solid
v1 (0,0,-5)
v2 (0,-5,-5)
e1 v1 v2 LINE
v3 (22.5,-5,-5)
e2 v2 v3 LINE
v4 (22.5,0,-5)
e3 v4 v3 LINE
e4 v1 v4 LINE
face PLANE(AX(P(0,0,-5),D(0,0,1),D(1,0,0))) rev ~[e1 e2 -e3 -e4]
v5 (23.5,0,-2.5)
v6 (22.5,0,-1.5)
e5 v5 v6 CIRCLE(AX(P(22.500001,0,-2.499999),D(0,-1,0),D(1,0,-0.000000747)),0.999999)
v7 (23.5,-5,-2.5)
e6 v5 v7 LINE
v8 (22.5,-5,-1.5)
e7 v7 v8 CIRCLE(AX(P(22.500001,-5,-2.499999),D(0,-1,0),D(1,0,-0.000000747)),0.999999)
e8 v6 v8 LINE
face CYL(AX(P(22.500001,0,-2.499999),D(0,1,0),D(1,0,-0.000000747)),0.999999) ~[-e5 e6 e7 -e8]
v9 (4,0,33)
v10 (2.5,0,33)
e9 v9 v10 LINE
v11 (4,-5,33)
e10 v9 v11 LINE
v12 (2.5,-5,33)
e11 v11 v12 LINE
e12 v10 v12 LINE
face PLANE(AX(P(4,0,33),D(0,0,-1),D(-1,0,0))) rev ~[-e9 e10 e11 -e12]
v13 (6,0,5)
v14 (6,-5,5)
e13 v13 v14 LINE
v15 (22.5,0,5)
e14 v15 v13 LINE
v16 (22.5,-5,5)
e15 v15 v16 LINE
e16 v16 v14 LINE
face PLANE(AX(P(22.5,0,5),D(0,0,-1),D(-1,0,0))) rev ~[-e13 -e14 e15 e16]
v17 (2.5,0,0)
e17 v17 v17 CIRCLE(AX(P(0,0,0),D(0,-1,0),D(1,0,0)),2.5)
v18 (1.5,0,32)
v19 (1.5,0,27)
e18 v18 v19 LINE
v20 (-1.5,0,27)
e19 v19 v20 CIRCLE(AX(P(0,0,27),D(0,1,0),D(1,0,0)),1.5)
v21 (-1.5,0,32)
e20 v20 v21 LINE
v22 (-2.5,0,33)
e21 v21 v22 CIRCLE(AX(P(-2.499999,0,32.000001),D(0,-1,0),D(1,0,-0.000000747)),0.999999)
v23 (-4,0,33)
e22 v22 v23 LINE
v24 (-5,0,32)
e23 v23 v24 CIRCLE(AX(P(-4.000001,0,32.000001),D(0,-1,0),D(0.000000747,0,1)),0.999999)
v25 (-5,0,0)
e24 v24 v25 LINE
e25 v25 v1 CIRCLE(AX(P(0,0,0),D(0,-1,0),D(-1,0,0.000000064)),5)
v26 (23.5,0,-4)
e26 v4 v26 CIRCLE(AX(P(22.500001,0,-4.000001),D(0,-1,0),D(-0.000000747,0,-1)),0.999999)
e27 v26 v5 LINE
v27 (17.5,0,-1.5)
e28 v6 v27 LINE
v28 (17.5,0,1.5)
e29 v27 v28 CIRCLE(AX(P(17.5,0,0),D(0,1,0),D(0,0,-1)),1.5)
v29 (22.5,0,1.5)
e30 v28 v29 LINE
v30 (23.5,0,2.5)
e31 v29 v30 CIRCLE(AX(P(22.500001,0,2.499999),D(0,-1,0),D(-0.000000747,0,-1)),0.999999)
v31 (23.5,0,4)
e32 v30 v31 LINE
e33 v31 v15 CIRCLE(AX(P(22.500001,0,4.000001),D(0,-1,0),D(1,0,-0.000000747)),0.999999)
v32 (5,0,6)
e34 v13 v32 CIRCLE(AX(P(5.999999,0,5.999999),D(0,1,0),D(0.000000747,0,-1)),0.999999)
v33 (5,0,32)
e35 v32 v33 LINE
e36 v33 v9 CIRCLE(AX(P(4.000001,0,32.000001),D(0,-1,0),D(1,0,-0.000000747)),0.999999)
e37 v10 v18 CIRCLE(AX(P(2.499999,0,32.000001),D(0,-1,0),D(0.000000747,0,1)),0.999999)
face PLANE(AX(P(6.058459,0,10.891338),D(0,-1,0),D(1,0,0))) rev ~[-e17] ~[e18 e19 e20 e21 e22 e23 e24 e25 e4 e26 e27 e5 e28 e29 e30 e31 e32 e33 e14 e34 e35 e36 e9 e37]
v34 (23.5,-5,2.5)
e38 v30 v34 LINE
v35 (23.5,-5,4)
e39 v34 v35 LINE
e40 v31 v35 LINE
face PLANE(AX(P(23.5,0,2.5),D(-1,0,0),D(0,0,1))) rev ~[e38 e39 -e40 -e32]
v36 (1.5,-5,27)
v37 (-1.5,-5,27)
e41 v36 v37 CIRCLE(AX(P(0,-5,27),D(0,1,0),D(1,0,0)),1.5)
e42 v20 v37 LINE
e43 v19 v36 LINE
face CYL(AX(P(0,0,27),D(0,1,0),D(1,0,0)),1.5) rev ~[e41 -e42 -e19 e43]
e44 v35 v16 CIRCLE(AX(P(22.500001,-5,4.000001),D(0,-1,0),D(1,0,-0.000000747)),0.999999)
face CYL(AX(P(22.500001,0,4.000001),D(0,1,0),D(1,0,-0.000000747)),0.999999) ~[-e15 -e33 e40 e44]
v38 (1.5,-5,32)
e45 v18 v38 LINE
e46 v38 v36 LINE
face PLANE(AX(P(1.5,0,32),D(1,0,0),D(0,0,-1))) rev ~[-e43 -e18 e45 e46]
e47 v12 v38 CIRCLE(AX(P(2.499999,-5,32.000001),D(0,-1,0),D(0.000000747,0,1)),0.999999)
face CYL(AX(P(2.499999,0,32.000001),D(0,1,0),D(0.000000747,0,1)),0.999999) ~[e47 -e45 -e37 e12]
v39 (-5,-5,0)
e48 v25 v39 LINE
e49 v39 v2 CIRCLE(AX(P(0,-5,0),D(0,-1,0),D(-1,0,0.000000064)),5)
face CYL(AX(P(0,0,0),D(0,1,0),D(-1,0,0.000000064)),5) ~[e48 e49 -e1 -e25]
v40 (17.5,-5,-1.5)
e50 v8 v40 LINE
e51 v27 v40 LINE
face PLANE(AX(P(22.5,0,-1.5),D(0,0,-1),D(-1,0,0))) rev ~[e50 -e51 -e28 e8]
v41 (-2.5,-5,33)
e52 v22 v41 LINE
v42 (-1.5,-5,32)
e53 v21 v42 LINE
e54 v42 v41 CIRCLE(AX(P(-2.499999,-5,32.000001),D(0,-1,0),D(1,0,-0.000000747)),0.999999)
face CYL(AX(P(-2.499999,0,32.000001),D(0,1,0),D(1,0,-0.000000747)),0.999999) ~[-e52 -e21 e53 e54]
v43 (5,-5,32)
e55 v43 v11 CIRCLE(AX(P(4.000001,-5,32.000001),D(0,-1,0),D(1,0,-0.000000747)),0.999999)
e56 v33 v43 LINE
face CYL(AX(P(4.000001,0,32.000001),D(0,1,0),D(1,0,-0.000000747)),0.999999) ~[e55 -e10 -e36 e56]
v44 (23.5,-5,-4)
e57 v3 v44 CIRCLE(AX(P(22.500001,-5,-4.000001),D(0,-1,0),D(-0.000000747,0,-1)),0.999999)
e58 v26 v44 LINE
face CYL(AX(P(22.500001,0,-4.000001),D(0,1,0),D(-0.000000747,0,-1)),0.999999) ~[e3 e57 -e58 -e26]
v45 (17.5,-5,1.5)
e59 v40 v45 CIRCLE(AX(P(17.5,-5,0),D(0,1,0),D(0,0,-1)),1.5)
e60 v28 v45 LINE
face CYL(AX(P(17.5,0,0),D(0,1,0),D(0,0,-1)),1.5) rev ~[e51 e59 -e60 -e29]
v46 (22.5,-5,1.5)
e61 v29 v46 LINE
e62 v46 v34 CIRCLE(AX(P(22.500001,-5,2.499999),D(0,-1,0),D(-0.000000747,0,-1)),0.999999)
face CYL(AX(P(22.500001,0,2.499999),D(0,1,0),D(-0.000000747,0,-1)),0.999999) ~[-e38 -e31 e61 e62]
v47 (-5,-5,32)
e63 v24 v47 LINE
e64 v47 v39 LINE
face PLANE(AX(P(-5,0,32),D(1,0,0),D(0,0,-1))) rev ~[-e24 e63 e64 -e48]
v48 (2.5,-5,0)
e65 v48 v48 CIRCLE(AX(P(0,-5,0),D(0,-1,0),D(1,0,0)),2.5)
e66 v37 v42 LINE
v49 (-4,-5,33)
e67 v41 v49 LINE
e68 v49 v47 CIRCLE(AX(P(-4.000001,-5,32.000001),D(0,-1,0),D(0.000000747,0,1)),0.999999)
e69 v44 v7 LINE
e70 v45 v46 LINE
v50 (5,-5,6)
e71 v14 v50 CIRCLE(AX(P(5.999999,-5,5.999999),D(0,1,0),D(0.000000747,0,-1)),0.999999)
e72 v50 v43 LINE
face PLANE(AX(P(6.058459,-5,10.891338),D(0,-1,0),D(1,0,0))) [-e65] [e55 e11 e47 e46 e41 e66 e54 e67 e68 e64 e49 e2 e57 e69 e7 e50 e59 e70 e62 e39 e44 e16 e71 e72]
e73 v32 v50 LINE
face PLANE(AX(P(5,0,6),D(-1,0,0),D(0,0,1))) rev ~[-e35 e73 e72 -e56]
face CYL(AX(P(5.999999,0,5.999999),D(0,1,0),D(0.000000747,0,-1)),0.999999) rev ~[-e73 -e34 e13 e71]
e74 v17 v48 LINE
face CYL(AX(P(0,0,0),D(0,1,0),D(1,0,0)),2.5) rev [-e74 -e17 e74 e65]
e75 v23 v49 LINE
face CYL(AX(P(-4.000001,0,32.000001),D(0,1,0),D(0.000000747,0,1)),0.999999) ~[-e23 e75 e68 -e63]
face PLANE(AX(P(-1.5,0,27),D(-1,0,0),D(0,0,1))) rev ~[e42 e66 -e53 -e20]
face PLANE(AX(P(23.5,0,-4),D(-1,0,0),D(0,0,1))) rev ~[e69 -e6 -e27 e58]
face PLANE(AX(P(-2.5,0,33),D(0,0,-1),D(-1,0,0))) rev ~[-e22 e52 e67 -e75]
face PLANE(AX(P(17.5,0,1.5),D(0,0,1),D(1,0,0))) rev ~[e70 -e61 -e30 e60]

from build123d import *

# Parameters (mm, degrees)
F0_R     = 2.5
F1_DEPTH = 5


with BuildPart() as f1:
    # F0 (on Front) → F1 (new body)
    with BuildSketch(Plane.XZ):
        with BuildLine():
            Line((-2.5, 33), (-4, 33))
            ThreePointArc((-4, 33), (-4.707107, 32.707107), (-5, 32))
            Line((-5, 32), (-5, 0))
            ThreePointArc((-5, 0), (-3.535534, -3.535534), (0, -5))
            Line((0, -5), (22.5, -5))
            ThreePointArc((22.5, -5), (23.207107, -4.707107), (23.5, -4))
            Line((23.5, -4), (23.5, -2.5))
            ThreePointArc((23.5, -2.5), (23.207107, -1.792893), (22.5, -1.5))
            Line((22.5, -1.5), (17.5, -1.5))
            ThreePointArc((17.5, -1.5), (16, 0), (17.5, 1.5))
            Line((17.5, 1.5), (22.5, 1.5))
            ThreePointArc((22.5, 1.5), (23.207107, 1.792893), (23.5, 2.5))
            Line((23.5, 2.5), (23.5, 4))
            ThreePointArc((23.5, 4), (23.207107, 4.707107), (22.5, 5))
            Line((22.5, 5), (6, 5))
            ThreePointArc((6, 5), (5.292893, 5.292893), (5, 6))
            Line((5, 6), (5, 32))
            ThreePointArc((5, 32), (4.707107, 32.707107), (4, 33))
            Line((4, 33), (2.5, 33))
            ThreePointArc((2.5, 33), (1.792893, 32.707107), (1.5, 32))
            Line((1.5, 32), (1.5, 27))
            ThreePointArc((1.5, 27), (0, 25.5), (-1.5, 27))
            Line((-1.5, 27), (-1.5, 32))
            ThreePointArc((-1.5, 32), (-1.792893, 32.707107), (-2.5, 33))
        make_face()
        Circle(F0_R, mode=Mode.SUBTRACT)
    extrude(amount=F1_DEPTH)


solid = f1.part
